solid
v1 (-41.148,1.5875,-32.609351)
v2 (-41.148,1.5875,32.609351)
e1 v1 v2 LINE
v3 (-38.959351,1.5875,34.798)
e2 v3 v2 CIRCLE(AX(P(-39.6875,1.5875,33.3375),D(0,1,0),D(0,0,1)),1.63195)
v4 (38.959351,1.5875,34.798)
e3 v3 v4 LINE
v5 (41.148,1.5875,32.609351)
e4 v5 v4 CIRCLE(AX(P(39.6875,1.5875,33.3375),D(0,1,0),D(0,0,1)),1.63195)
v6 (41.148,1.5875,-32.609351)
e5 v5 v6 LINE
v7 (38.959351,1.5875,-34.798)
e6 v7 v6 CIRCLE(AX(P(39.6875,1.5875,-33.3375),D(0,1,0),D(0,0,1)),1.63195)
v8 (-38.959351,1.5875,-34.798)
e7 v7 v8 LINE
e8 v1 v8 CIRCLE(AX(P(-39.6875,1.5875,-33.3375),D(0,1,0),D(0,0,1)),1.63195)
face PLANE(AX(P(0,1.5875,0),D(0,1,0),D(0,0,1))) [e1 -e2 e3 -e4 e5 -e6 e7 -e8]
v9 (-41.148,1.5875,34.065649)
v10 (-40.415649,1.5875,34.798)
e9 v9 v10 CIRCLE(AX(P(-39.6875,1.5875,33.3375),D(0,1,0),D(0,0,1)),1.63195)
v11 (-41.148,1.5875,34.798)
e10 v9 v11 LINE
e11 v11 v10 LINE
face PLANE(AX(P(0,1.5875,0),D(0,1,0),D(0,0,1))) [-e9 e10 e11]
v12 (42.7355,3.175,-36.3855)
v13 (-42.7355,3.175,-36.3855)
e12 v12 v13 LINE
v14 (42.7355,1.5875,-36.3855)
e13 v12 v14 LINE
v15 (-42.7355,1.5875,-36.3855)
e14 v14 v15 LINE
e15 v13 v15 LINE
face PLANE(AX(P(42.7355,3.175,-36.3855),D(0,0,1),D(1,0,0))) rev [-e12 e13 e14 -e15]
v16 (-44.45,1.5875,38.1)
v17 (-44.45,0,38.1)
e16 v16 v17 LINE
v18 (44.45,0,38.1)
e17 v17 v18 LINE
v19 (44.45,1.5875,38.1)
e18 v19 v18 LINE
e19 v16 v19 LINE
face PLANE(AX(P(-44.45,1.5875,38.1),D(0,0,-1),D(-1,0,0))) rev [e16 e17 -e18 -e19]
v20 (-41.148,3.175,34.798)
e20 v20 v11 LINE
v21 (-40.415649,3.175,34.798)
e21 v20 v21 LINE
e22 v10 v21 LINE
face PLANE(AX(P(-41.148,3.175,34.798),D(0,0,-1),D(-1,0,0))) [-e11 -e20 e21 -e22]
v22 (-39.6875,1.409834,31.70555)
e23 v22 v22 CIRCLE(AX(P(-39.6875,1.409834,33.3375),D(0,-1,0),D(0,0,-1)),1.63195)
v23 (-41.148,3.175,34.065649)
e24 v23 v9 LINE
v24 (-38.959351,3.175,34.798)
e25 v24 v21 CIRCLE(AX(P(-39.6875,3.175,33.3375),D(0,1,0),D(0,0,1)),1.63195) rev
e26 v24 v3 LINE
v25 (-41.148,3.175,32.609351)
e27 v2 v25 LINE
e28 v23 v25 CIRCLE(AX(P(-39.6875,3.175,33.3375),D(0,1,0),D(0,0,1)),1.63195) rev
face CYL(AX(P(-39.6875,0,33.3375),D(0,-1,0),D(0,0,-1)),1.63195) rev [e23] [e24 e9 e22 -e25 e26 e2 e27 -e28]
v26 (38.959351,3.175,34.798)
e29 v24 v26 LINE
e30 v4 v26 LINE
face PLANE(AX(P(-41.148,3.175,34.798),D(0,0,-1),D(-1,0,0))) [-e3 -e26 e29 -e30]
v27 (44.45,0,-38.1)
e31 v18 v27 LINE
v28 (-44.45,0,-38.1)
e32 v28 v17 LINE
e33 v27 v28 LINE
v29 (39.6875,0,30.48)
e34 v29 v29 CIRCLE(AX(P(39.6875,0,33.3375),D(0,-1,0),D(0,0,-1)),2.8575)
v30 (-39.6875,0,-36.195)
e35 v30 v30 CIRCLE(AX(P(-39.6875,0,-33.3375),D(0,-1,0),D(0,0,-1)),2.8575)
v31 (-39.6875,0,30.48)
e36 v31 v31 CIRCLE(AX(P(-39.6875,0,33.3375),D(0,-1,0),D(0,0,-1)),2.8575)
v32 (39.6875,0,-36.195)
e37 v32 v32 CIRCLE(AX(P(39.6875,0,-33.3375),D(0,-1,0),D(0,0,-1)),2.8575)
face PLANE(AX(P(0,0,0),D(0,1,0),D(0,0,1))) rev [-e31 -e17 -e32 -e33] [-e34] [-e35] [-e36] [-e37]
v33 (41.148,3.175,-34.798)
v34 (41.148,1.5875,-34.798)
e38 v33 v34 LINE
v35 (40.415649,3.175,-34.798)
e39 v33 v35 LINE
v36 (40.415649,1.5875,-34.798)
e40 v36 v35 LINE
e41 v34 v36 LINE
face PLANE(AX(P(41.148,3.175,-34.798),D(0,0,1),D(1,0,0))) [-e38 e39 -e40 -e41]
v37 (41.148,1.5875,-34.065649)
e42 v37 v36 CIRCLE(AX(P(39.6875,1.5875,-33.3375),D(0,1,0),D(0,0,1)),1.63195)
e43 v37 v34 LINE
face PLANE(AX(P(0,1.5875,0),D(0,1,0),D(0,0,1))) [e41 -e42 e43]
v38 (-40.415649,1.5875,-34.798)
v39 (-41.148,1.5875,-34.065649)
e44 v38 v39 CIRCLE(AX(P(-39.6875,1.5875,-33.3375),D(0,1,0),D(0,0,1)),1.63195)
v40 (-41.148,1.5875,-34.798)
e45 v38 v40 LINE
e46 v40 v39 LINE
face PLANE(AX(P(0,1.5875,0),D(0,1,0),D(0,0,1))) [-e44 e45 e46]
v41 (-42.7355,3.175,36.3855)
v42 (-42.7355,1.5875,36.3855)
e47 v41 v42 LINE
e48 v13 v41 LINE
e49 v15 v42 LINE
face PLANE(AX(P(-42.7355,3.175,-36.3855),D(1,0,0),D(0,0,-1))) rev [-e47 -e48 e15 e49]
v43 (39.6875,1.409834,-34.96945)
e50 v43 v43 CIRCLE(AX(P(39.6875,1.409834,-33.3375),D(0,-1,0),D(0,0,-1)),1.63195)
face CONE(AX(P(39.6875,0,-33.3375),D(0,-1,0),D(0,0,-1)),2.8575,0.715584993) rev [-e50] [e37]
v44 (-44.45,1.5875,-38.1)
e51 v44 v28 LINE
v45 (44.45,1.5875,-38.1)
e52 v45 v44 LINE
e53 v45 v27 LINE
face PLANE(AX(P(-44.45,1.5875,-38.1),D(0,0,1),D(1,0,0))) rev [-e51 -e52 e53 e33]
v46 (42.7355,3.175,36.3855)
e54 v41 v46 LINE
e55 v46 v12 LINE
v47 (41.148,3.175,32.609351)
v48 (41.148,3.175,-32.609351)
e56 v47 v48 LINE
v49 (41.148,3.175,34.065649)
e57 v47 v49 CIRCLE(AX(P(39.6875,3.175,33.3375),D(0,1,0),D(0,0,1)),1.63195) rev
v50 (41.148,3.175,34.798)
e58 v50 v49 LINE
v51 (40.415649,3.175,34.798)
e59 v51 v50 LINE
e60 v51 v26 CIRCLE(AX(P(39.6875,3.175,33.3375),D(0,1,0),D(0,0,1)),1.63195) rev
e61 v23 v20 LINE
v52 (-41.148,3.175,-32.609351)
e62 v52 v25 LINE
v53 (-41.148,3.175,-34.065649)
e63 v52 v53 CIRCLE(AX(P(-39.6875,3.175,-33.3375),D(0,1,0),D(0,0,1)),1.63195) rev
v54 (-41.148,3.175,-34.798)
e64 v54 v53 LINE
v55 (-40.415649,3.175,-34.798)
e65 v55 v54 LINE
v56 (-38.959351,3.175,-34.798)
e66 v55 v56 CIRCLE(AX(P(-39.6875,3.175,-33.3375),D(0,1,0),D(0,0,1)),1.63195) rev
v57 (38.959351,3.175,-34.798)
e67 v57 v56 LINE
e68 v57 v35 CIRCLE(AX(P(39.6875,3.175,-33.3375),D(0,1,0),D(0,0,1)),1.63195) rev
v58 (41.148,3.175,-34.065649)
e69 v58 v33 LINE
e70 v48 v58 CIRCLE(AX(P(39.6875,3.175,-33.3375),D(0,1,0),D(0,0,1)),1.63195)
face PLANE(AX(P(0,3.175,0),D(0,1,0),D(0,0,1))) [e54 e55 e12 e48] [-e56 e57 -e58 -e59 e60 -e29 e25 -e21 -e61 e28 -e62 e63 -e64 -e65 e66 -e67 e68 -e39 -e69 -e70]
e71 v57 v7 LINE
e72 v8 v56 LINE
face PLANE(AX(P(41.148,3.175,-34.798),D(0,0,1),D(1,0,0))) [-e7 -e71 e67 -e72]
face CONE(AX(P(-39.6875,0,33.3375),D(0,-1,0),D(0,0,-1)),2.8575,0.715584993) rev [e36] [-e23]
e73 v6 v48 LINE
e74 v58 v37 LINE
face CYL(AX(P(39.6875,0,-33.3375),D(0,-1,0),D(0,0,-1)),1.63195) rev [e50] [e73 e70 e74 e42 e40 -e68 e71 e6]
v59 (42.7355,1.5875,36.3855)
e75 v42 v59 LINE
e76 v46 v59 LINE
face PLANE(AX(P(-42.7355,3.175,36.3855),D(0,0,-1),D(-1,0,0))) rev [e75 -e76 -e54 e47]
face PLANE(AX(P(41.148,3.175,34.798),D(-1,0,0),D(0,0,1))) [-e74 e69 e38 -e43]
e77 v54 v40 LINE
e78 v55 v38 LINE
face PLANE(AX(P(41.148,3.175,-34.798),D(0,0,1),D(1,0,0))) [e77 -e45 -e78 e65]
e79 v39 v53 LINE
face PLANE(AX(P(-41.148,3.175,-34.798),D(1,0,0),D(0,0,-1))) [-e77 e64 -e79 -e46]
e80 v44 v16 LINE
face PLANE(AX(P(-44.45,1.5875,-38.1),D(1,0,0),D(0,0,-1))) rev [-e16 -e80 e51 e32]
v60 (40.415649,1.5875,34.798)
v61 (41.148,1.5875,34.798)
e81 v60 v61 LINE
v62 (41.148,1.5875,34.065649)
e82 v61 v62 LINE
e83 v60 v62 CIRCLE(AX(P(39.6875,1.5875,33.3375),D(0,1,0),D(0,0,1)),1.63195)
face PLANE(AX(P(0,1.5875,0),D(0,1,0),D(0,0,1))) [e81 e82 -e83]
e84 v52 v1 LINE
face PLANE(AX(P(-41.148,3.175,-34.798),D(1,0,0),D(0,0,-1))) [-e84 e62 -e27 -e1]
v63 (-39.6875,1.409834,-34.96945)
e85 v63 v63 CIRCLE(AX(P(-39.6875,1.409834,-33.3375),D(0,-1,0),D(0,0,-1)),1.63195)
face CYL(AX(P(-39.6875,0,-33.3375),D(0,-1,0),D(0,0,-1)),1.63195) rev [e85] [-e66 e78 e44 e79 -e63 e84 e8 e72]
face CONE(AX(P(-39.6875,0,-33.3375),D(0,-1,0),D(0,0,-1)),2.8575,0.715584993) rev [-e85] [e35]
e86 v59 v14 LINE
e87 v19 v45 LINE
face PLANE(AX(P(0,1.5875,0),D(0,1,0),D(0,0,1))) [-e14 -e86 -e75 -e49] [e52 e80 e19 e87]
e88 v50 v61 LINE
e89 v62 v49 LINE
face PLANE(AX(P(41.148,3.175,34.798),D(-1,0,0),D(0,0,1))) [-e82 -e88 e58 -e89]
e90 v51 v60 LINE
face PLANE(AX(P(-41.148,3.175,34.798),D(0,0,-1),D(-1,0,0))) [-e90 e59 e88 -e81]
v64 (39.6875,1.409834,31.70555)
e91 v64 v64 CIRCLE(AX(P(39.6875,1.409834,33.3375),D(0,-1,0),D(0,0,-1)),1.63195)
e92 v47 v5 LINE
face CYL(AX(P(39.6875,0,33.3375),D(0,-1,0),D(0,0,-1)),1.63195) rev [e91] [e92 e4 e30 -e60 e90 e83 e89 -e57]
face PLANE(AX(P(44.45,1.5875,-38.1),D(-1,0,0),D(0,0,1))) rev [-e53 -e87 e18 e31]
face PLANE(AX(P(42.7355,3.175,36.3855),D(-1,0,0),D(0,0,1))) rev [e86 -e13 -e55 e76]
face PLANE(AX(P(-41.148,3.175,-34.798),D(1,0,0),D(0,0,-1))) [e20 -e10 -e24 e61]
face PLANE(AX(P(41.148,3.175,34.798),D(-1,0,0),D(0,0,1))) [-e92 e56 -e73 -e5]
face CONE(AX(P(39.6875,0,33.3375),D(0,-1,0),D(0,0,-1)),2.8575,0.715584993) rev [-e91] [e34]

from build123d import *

# Parameters (mm, degrees)
SKETCH1_W                                      = 88.9
SKETCH1_H                                      = 76.2
BOSS_EXTRUDE1_DEPTH                            = 1.5875
SKETCH2_W                                      = 85.471
SKETCH2_H                                      = 72.771
SKETCH2_W_2                                    = 82.296
SKETCH2_H_2                                    = 69.596
BOSS_EXTRUDE2_DEPTH                            = 1.5875
CSK_FOR_4_FLAT_HEAD_MACHINE_SCREW1_D           = 3.2639
CSK_FOR_4_FLAT_HEAD_MACHINE_SCREW1_CSINK_D     = 5.715
CSK_FOR_4_FLAT_HEAD_MACHINE_SCREW1_CSINK_ANGLE = 82


with BuildPart() as part:
    # Sketch1 → Boss-Extrude1 (new body)
    with BuildSketch(Plane(origin=(0, 0, 0), x_dir=(1, 0, 0), z_dir=(0, 1, 0))):
        Rectangle(SKETCH1_W, SKETCH1_H)
    extrude(amount=BOSS_EXTRUDE1_DEPTH)

    # Sketch2 → Boss-Extrude2 (add)
    with BuildSketch(Plane(origin=(0, 1.5875, 0), x_dir=(1, 0, 0), z_dir=(0, 1, 0))):
        Rectangle(SKETCH2_W, SKETCH2_H)
        Rectangle(SKETCH2_W_2, SKETCH2_H_2, mode=Mode.SUBTRACT)
    extrude(amount=BOSS_EXTRUDE2_DEPTH)

    # CSK for #4 Flat Head Machine Screw1 (through all)
    with Locations(Plane(origin=(28.481877995, 0, -59.395517913), x_dir=(-1, 0, 0), z_dir=(0, -1, 0))):
        with Locations((-11.205622005, -26.058017913), (68.169377995, -26.058017913), (68.169377995, -92.733017913), (-11.205622005, -92.733017913)):
            CounterSinkHole(CSK_FOR_4_FLAT_HEAD_MACHINE_SCREW1_D / 2, CSK_FOR_4_FLAT_HEAD_MACHINE_SCREW1_CSINK_D / 2, counter_sink_angle=CSK_FOR_4_FLAT_HEAD_MACHINE_SCREW1_CSINK_ANGLE)


solid = part.part
